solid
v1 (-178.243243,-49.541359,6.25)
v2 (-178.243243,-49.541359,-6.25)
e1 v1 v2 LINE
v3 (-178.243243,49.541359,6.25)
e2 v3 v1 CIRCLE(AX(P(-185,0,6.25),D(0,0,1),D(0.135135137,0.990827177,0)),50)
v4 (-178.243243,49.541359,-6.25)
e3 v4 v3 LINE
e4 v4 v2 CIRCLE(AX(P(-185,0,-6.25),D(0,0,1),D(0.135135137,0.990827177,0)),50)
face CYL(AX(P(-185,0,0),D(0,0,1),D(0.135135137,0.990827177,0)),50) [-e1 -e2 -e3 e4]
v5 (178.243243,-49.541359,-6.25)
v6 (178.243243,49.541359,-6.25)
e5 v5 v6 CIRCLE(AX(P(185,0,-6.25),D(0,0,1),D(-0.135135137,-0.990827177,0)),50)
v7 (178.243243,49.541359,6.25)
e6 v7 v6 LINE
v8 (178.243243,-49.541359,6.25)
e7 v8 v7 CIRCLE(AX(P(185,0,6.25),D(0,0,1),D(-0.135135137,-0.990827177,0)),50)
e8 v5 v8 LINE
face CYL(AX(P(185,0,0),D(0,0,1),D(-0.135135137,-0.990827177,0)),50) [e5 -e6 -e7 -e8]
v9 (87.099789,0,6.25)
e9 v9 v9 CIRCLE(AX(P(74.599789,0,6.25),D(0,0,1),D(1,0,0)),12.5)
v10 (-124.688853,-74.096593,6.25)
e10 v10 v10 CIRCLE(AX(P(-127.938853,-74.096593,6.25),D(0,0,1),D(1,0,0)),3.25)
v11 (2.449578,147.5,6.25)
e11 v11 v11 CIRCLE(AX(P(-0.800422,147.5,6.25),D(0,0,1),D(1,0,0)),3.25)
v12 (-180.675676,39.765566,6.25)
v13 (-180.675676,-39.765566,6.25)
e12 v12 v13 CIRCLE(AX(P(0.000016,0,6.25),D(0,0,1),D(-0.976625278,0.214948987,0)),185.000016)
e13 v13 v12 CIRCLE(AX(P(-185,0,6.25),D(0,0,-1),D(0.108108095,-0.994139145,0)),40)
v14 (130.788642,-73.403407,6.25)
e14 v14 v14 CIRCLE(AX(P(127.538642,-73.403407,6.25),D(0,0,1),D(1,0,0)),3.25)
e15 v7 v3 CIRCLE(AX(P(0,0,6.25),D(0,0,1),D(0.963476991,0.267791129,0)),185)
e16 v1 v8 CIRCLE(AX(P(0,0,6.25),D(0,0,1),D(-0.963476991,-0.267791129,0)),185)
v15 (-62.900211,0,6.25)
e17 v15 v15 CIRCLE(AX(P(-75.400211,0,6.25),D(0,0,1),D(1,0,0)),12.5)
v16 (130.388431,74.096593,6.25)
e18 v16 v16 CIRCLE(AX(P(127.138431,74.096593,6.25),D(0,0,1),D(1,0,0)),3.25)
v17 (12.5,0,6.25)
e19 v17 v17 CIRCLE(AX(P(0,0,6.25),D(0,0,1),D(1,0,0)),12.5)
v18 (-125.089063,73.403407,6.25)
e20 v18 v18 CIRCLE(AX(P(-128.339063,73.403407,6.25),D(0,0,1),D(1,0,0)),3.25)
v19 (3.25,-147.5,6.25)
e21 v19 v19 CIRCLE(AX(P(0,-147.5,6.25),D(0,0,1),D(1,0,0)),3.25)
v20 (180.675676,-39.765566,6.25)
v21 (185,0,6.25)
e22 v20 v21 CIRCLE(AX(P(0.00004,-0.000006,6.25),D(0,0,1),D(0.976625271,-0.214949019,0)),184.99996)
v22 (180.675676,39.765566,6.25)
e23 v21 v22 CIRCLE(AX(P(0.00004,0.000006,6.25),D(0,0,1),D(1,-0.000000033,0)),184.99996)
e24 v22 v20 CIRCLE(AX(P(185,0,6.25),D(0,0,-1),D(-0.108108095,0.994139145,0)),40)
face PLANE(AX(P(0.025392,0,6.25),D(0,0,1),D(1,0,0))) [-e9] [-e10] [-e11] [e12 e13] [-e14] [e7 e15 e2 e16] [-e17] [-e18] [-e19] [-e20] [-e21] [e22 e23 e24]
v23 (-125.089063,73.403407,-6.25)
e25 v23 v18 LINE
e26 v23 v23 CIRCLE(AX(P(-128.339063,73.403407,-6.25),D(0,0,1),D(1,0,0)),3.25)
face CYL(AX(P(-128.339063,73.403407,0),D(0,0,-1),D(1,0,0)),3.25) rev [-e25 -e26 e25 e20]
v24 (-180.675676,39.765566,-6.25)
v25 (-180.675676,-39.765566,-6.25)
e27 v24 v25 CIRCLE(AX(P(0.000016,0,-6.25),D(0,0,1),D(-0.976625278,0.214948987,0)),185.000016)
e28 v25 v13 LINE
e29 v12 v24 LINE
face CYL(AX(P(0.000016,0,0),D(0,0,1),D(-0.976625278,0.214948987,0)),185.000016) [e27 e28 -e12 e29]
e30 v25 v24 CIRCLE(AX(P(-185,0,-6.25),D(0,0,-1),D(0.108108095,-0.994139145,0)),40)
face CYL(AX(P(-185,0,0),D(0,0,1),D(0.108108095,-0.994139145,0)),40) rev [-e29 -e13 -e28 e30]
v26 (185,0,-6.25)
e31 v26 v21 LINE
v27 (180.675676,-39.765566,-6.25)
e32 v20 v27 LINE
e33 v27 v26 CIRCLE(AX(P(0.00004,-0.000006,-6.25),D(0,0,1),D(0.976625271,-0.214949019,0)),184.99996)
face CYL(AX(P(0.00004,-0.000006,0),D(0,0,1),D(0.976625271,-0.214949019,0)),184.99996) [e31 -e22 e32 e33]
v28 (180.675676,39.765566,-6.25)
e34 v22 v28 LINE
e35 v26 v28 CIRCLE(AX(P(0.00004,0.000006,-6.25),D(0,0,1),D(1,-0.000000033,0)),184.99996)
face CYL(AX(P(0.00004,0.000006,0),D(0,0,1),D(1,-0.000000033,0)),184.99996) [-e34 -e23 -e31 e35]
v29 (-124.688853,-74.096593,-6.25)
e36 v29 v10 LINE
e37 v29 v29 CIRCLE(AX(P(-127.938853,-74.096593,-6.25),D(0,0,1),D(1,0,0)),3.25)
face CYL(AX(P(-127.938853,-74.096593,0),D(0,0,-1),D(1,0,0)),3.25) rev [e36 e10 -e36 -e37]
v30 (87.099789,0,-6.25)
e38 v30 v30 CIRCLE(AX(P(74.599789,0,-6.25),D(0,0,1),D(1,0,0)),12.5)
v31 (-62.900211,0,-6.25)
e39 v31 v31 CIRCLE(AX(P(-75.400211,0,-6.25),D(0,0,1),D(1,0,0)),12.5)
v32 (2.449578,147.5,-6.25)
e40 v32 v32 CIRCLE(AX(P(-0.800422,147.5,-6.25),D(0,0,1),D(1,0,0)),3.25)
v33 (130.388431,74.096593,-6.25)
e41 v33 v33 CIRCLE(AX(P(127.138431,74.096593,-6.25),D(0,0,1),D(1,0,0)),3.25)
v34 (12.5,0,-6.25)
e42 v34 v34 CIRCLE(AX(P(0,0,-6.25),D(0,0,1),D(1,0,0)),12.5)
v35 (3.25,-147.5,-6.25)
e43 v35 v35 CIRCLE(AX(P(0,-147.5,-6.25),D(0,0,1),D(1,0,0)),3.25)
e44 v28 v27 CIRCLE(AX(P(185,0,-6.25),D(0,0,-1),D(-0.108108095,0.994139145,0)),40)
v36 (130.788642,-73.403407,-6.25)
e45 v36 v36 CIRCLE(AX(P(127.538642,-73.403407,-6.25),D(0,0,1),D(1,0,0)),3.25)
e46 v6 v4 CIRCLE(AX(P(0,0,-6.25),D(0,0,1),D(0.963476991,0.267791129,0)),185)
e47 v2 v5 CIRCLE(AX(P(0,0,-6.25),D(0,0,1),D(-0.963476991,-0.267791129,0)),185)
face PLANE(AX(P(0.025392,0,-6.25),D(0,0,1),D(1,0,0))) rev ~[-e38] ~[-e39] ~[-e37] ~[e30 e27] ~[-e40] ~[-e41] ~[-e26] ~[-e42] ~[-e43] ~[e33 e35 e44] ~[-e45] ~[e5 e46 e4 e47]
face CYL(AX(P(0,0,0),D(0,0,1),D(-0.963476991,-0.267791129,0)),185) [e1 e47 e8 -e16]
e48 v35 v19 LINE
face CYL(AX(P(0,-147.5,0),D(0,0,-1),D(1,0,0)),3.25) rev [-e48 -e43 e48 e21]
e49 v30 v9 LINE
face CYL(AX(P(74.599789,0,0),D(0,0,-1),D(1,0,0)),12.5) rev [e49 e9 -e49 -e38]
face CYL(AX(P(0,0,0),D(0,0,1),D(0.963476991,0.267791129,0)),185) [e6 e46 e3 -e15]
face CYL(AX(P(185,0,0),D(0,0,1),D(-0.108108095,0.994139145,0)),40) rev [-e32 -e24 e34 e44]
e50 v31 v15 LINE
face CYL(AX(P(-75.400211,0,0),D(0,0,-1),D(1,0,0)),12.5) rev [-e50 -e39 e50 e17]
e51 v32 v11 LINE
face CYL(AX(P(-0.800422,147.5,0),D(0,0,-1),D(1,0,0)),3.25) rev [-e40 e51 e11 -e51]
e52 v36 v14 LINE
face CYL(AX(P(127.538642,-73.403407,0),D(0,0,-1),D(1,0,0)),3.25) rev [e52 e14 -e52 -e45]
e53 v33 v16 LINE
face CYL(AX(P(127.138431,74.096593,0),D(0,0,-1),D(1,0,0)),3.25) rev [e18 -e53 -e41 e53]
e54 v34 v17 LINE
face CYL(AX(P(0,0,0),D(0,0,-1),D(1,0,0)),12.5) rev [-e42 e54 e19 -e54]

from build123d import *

# Parameters (mm, degrees)
F0_R     = 3.25
F0_R_2   = 12.5
F1_DEPTH = 6.25
F2_DEPTH = 5
F3_DEPTH = 6.25


with BuildPart() as f1:
    # F0 (on Top) → F1 (new body, symmetric)
    with BuildSketch(Plane.XY):
        with BuildLine():
            ThreePointArc((180.675676, -39.765566), (183.915742, -20), (185, 0))
            ThreePointArc((185, 0), (183.915742, 20), (180.675676, 39.765566))
            ThreePointArc((180.675676, 39.765566), (179.526012, 44.670022), (178.243243, 49.541359))
            ThreePointArc((178.243243, 49.541359), (0, 185), (-178.243243, 49.541359))
            ThreePointArc((-178.243243, 49.541359), (-179.526012, 44.670022), (-180.675676, 39.765566))
            ThreePointArc((-180.675676, 39.765566), (-185, 0), (-180.675676, -39.765566))
            ThreePointArc((-180.675676, -39.765566), (-179.526012, -44.670022), (-178.243243, -49.541359))
            ThreePointArc((-178.243243, -49.541359), (0, -185), (178.243243, -49.541359))
            ThreePointArc((178.243243, -49.541359), (179.526012, -44.670022), (180.675676, -39.765566))
        make_face()
        with Locations((-127.938853, -74.096593)):
            Circle(F0_R, mode=Mode.SUBTRACT)
        with Locations((0, -147.5)):
            Circle(F0_R, mode=Mode.SUBTRACT)
        with Locations((127.538642, -73.403407)):
            Circle(F0_R, mode=Mode.SUBTRACT)
        with Locations((-128.339063, 73.403407)):
            Circle(F0_R, mode=Mode.SUBTRACT)
        with Locations((-75.400211, 0)):
            Circle(F0_R_2, mode=Mode.SUBTRACT)
        with Locations((-0.800422, 147.5)):
            Circle(F0_R, mode=Mode.SUBTRACT)
        Circle(F0_R_2, mode=Mode.SUBTRACT)
        with Locations((74.599789, 0)):
            Circle(F0_R_2, mode=Mode.SUBTRACT)
        with Locations((127.138431, 74.096593)):
            Circle(F0_R, mode=Mode.SUBTRACT)
    extrude(amount=F1_DEPTH, both=True)

    # F0 (on Top) → F2 (join, symmetric)
    with BuildSketch(Plane.XY):
        with BuildLine():
            ThreePointArc((180.675676, -39.765566), (183.915742, -20), (185, 0))
            ThreePointArc((185, 0), (183.915742, 20), (180.675676, 39.765566))
            ThreePointArc((180.675676, 39.765566), (179.526012, 44.670022), (178.243243, 49.541359))
            ThreePointArc((178.243243, 49.541359), (0, 185), (-178.243243, 49.541359))
            ThreePointArc((-178.243243, 49.541359), (-179.526012, 44.670022), (-180.675676, 39.765566))
            ThreePointArc((-180.675676, 39.765566), (-185, 0), (-180.675676, -39.765566))
            ThreePointArc((-180.675676, -39.765566), (-179.526012, -44.670022), (-178.243243, -49.541359))
            ThreePointArc((-178.243243, -49.541359), (0, -185), (178.243243, -49.541359))
            ThreePointArc((178.243243, -49.541359), (179.526012, -44.670022), (180.675676, -39.765566))
        make_face()
        with Locations((-127.938853, -74.096593)):
            Circle(F0_R, mode=Mode.SUBTRACT)
        with Locations((0, -147.5)):
            Circle(F0_R, mode=Mode.SUBTRACT)
        with Locations((127.538642, -73.403407)):
            Circle(F0_R, mode=Mode.SUBTRACT)
        with Locations((-128.339063, 73.403407)):
            Circle(F0_R, mode=Mode.SUBTRACT)
        with Locations((-75.400211, 0)):
            Circle(F0_R_2, mode=Mode.SUBTRACT)
        with Locations((-0.800422, 147.5)):
            Circle(F0_R, mode=Mode.SUBTRACT)
        Circle(F0_R_2, mode=Mode.SUBTRACT)
        with Locations((74.599789, 0)):
            Circle(F0_R_2, mode=Mode.SUBTRACT)
        with Locations((127.138431, 74.096593)):
            Circle(F0_R, mode=Mode.SUBTRACT)
        with BuildLine():
            ThreePointArc((178.243243, 49.541359), (179.526012, 44.670022), (180.675676, 39.765566))
            ThreePointArc((180.675676, 39.765566), (225, 0), (180.675676, -39.765566))
            ThreePointArc((180.675676, -39.765566), (179.526012, -44.670022), (178.243243, -49.541359))
            ThreePointArc((178.243243, -49.541359), (235, 0), (178.243243, 49.541359))
        make_face()
        with BuildLine():
            ThreePointArc((-180.675676, 39.765566), (-179.526012, 44.670022), (-178.243243, 49.541359))
            ThreePointArc((-178.243243, 49.541359), (-235, 0), (-178.243243, -49.541359))
            ThreePointArc((-178.243243, -49.541359), (-179.526012, -44.670022), (-180.675676, -39.765566))
            ThreePointArc((-180.675676, -39.765566), (-225, 0), (-180.675676, 39.765566))
        make_face()
    extrude(amount=F2_DEPTH, both=True)

    # F0 (on Top) → F3 (join, symmetric)
    with BuildSketch(Plane.XY):
        with BuildLine():
            ThreePointArc((180.675676, -39.765566), (183.915742, -20), (185, 0))
            ThreePointArc((185, 0), (183.915742, 20), (180.675676, 39.765566))
            ThreePointArc((180.675676, 39.765566), (179.526012, 44.670022), (178.243243, 49.541359))
            ThreePointArc((178.243243, 49.541359), (0, 185), (-178.243243, 49.541359))
            ThreePointArc((-178.243243, 49.541359), (-179.526012, 44.670022), (-180.675676, 39.765566))
            ThreePointArc((-180.675676, 39.765566), (-185, 0), (-180.675676, -39.765566))
            ThreePointArc((-180.675676, -39.765566), (-179.526012, -44.670022), (-178.243243, -49.541359))
            ThreePointArc((-178.243243, -49.541359), (0, -185), (178.243243, -49.541359))
            ThreePointArc((178.243243, -49.541359), (179.526012, -44.670022), (180.675676, -39.765566))
        make_face()
        with Locations((-127.938853, -74.096593)):
            Circle(F0_R, mode=Mode.SUBTRACT)
        with Locations((0, -147.5)):
            Circle(F0_R, mode=Mode.SUBTRACT)
        with Locations((127.538642, -73.403407)):
            Circle(F0_R, mode=Mode.SUBTRACT)
        with Locations((-128.339063, 73.403407)):
            Circle(F0_R, mode=Mode.SUBTRACT)
        with Locations((-75.400211, 0)):
            Circle(F0_R_2, mode=Mode.SUBTRACT)
        with Locations((-0.800422, 147.5)):
            Circle(F0_R, mode=Mode.SUBTRACT)
        Circle(F0_R_2, mode=Mode.SUBTRACT)
        with Locations((74.599789, 0)):
            Circle(F0_R_2, mode=Mode.SUBTRACT)
        with Locations((127.138431, 74.096593)):
            Circle(F0_R, mode=Mode.SUBTRACT)
        with BuildLine():
            ThreePointArc((178.243243, 49.541359), (179.526012, 44.670022), (180.675676, 39.765566))
            ThreePointArc((180.675676, 39.765566), (225, 0), (180.675676, -39.765566))
            ThreePointArc((180.675676, -39.765566), (179.526012, -44.670022), (178.243243, -49.541359))
            ThreePointArc((178.243243, -49.541359), (235, 0), (178.243243, 49.541359))
        make_face()
        with BuildLine():
            ThreePointArc((-180.675676, 39.765566), (-179.526012, 44.670022), (-178.243243, 49.541359))
            ThreePointArc((-178.243243, 49.541359), (-235, 0), (-178.243243, -49.541359))
            ThreePointArc((-178.243243, -49.541359), (-179.526012, -44.670022), (-180.675676, -39.765566))
            ThreePointArc((-180.675676, -39.765566), (-225, 0), (-180.675676, 39.765566))
        make_face()
    extrude(amount=F3_DEPTH, both=True)


solid = f1.part
